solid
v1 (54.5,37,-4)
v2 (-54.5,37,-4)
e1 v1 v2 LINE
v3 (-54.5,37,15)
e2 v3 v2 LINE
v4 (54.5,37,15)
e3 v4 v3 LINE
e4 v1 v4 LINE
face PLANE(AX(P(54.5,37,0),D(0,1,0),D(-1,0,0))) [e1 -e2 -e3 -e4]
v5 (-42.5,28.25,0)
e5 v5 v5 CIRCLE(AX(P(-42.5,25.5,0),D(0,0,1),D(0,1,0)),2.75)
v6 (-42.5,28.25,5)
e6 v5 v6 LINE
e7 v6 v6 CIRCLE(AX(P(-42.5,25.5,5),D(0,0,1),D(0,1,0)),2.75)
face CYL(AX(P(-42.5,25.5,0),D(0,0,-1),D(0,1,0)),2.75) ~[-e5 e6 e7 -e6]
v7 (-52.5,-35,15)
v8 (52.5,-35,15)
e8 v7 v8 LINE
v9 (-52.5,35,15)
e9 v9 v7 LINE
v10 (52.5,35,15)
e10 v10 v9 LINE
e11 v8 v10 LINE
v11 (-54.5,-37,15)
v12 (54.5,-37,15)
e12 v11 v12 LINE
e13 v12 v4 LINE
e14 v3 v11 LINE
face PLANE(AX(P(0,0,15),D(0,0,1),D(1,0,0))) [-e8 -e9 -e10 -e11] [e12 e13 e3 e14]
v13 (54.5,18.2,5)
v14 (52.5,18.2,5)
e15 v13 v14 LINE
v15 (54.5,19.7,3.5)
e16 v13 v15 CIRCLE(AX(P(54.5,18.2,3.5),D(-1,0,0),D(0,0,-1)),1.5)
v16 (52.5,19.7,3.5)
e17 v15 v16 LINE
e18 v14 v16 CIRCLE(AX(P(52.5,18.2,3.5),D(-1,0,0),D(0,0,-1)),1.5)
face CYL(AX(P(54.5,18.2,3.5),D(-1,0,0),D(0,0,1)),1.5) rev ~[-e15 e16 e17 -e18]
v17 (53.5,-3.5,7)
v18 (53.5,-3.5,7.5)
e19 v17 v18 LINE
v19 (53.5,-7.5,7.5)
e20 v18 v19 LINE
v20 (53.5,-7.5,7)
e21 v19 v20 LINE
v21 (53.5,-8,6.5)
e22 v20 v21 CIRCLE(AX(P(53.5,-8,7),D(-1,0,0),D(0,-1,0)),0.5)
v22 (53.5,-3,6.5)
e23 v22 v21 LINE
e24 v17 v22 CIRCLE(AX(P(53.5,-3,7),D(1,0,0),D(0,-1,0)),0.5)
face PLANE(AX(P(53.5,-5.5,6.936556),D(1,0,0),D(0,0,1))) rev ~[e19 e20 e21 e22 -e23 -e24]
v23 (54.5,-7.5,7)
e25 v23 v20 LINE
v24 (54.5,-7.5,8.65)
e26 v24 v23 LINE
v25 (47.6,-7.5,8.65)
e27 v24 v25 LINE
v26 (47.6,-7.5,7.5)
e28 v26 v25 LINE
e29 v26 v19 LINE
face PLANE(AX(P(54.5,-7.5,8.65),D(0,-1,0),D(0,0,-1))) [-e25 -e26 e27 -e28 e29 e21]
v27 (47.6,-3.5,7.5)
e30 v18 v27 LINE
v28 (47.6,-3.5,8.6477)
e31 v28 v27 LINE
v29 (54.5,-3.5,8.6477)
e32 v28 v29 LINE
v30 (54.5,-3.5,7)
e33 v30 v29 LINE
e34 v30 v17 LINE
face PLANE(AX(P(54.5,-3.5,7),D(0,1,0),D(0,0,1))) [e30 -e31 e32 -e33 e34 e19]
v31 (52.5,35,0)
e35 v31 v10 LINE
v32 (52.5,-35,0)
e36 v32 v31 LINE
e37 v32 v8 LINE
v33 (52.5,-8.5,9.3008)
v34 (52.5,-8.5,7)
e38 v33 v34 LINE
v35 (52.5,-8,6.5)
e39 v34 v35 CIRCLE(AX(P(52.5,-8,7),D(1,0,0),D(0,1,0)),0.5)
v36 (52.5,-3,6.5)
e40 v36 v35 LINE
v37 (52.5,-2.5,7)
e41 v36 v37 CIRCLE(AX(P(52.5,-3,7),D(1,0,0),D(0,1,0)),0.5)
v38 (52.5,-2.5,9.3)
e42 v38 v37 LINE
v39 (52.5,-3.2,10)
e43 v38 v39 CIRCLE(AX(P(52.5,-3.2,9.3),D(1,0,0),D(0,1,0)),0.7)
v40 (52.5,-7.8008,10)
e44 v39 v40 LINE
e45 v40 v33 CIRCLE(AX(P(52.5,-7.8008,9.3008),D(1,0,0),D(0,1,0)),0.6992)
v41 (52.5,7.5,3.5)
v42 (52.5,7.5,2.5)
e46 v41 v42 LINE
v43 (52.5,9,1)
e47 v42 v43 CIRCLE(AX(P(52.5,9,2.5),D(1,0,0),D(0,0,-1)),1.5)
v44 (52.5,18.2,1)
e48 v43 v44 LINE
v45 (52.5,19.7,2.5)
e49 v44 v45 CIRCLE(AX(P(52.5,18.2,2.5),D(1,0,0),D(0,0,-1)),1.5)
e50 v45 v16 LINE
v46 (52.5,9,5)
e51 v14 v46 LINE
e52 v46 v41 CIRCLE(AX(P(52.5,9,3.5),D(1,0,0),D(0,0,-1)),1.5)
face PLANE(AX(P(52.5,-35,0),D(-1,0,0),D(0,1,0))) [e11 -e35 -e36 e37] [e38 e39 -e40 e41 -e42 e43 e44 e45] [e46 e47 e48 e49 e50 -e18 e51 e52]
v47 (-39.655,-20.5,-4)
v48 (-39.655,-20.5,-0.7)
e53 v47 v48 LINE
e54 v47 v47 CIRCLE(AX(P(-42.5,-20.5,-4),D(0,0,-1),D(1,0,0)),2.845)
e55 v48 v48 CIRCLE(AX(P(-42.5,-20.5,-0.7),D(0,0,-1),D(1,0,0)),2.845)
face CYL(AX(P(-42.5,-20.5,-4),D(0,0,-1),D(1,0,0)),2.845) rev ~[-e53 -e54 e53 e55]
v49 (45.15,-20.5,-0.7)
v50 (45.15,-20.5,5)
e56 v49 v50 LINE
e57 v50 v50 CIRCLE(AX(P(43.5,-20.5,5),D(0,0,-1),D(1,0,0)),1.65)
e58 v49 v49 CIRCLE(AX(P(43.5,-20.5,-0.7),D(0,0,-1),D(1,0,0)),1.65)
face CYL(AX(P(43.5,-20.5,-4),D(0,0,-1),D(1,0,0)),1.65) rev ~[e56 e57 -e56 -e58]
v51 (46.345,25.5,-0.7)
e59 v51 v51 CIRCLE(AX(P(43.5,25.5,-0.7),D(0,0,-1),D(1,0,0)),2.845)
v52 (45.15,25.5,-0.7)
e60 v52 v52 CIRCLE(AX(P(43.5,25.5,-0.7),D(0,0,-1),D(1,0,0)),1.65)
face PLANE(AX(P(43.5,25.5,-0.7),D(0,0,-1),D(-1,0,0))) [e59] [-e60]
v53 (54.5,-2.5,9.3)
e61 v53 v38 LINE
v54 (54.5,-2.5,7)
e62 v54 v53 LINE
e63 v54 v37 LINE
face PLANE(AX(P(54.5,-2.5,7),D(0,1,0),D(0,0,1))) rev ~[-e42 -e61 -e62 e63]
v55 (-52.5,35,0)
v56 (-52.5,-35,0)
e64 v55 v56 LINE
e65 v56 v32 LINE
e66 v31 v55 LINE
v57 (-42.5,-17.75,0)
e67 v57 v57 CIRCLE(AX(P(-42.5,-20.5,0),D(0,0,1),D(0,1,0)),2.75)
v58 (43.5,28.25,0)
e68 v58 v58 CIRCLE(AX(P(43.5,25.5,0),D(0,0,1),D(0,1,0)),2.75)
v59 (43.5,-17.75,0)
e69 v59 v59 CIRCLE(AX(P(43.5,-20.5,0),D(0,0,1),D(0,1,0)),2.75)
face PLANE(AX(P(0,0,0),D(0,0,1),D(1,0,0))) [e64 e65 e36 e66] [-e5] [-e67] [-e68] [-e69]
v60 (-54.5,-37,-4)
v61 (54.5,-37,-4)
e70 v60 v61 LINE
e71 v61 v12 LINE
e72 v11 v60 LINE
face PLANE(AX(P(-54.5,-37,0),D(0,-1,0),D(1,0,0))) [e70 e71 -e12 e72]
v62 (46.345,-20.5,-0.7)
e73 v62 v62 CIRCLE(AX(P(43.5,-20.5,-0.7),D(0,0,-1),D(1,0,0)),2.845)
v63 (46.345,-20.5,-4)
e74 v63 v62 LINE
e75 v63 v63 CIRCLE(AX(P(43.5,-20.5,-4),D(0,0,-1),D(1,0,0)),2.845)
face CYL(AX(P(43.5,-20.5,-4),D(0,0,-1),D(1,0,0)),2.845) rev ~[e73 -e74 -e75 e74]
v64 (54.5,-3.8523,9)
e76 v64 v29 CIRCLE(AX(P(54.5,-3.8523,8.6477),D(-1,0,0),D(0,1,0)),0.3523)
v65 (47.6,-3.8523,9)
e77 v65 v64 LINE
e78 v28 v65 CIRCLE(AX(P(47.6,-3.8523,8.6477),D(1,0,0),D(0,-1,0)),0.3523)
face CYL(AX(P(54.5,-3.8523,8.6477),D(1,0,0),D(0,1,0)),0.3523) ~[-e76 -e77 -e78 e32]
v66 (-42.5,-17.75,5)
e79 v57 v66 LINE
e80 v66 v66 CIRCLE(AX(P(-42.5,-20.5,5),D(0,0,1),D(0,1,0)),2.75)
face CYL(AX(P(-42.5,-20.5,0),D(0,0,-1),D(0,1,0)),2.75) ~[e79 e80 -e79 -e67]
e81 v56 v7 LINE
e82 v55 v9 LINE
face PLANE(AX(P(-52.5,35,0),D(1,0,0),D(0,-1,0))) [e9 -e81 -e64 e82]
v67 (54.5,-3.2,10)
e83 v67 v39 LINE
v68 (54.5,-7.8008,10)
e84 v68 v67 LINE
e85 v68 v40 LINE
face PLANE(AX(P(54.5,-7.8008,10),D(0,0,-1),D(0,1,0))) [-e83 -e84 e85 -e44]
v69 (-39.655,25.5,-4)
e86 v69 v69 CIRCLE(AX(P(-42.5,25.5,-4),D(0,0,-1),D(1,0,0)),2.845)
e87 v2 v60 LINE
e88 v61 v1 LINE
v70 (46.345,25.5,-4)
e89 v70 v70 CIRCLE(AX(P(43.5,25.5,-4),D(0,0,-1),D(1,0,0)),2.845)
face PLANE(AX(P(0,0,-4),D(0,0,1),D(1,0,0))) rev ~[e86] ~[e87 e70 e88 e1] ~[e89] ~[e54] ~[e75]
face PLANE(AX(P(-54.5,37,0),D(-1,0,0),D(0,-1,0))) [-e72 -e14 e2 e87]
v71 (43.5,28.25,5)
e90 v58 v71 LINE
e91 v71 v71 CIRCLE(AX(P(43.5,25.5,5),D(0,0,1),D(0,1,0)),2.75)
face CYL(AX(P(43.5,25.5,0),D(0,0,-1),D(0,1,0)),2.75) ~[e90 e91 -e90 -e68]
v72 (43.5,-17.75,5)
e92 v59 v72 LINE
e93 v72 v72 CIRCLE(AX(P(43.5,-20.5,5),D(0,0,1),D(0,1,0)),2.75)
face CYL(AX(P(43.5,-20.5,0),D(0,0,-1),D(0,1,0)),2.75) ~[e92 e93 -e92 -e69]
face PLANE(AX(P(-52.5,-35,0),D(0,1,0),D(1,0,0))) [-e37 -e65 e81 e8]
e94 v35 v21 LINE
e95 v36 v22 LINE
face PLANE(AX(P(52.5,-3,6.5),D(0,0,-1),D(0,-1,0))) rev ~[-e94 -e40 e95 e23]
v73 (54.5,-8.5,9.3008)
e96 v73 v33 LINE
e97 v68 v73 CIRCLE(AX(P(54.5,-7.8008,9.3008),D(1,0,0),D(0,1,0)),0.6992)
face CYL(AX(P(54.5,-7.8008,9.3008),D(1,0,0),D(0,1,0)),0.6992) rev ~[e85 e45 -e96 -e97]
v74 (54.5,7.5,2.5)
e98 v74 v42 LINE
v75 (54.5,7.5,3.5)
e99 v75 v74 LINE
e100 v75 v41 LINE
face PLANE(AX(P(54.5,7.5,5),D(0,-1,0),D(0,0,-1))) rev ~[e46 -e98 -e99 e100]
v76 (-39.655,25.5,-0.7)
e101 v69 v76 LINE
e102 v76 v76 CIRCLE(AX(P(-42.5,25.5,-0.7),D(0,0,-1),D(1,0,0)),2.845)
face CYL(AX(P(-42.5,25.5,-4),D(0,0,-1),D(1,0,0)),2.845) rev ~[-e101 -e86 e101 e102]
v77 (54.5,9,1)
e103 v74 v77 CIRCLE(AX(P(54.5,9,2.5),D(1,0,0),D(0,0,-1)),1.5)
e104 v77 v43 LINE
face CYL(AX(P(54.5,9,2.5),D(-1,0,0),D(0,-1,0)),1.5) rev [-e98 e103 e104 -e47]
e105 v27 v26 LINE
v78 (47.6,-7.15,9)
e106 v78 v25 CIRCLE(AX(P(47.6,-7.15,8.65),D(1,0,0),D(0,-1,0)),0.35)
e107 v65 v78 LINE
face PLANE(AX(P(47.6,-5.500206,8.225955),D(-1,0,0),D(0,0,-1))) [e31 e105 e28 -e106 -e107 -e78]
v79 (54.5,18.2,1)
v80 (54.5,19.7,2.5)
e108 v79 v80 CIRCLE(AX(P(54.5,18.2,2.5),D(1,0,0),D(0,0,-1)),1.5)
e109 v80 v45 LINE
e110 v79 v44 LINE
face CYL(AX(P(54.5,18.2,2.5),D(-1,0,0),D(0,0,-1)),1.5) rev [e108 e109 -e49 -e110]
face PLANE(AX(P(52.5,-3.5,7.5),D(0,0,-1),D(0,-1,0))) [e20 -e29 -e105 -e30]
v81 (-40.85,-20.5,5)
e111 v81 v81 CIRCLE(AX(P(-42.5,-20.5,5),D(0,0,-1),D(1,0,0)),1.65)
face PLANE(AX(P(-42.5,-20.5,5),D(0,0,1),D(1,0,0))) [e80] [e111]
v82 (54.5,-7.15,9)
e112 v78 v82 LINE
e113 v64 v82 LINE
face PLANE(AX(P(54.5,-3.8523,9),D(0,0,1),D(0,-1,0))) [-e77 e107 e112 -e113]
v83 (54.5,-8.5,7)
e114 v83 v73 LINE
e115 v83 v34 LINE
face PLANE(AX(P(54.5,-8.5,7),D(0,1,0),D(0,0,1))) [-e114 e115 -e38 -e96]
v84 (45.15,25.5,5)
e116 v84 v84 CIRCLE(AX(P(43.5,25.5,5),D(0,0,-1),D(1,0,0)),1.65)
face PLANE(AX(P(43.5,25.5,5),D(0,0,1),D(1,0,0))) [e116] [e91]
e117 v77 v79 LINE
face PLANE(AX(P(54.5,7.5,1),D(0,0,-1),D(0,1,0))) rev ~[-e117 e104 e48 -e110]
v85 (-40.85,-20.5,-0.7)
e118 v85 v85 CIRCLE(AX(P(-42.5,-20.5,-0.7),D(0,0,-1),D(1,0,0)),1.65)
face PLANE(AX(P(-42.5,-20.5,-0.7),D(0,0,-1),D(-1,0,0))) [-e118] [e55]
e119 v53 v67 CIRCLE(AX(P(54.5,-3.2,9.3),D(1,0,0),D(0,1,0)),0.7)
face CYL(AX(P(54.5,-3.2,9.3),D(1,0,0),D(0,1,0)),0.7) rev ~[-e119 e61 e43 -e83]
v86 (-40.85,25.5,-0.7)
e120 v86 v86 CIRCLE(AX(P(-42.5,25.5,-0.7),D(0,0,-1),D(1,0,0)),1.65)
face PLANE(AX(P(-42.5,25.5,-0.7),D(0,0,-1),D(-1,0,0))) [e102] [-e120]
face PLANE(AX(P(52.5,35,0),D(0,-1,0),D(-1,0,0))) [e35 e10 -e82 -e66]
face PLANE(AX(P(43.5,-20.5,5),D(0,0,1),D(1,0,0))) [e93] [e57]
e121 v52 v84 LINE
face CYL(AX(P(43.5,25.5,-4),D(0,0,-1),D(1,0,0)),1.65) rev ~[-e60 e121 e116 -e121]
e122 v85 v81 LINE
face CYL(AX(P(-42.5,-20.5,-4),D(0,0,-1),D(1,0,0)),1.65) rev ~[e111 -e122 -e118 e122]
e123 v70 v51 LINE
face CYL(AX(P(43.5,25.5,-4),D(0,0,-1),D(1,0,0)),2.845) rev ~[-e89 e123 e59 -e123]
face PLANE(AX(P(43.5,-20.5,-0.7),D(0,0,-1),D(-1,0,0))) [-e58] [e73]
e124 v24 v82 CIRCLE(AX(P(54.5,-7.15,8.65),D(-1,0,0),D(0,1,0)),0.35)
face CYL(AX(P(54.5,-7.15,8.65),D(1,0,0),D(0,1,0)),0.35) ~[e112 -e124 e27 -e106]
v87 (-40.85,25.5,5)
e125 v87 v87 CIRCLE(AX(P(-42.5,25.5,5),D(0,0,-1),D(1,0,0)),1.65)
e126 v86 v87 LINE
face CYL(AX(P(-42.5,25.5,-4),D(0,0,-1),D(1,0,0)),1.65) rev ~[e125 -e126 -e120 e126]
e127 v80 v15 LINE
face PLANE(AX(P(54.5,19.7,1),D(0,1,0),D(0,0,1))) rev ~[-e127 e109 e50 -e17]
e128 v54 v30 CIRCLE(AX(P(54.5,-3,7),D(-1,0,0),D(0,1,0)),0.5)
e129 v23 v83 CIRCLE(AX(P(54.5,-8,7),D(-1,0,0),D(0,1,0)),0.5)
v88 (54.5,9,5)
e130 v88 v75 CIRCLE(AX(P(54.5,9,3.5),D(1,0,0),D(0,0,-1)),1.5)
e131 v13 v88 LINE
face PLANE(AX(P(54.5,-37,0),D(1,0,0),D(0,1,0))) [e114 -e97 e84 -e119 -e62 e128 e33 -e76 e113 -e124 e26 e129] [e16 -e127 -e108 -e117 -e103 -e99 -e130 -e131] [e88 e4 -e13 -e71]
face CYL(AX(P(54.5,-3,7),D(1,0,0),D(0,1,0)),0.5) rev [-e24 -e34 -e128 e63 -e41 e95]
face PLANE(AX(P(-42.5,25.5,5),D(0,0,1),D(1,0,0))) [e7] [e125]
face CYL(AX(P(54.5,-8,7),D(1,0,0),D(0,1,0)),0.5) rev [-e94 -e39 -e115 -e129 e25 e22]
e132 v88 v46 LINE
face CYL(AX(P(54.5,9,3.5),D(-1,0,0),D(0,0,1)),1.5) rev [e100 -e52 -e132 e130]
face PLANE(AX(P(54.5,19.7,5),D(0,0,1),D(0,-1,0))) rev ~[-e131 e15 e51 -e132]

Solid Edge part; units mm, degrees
sketch "Sketch1" plane through (0, 0, 0) normal (0, 0, 1) x (1, 0, 0)
  line L0 (-54.5, -37) -> (54.5, -37)
  line L1 (54.5, -37) -> (54.5, 37)
  line L2 (54.5, 37) -> (-54.5, 37)
  line L3 (-54.5, 37) -> (-54.5, -37)
extrude "Protrusion1" add sketch "Sketch1" against normal blind 4
sketch "Sketch2" plane through (0, 0, 0) normal (0, 0, 1) x (1, 0, 0)
  line L0 (-54.5, 37) -> (-54.5, -37)
  line L1 (-54.5, -37) -> (54.5, -37)
  line L2 (54.5, -37) -> (54.5, 37)
  line L3 (54.5, 37) -> (-54.5, 37)
  line L4 (-52.5, 35) -> (-52.5, -35)
  line L5 (-52.5, -35) -> (52.5, -35)
  line L6 (52.5, -35) -> (52.5, 35)
  line L7 (52.5, 35) -> (-52.5, 35)
  dimension "D1" = 105
  dimension "D2" = 70
  dimension "D3" = 2
  dimension "D4" = 5.69
  dimension "D5" = 5.69
  dimension "D6" = 5.69
  dimension "D7" = 5.69
  dimension "D8" = 10
  dimension "D9" = 86
  dimension "D10" = 9.5
  dimension "D11" = 46
  dimension "D12" = 14.5
extrude "ExtrudedProtrusion_2" add sketch "Sketch2" along normal blind 15
sketch "Sketch3" plane through (54.5, 0, 5.5) normal (1, 0, 0) x (0, 1, 0)
  arc A0 (-2.5, 3.8) -> (-3.2, 4.5) centre (-3.2, 3.8) ccw
  line L0 (-7.8008, 4.5) -> (-3.2, 4.5)
  arc A1 (-7.8008, 4.5) -> (-8.5, 3.8008) centre (-7.8008, 3.8008) ccw
  line L1 (-8.5, 1.5) -> (-8.5, 3.8008)
  line L2 (-7.5, 3.15) -> (-7.5, 1.5)
  arc A2 (-7.5, 3.15) -> (-7.15, 3.5) centre (-7.15, 3.15) cw
  line L3 (-3.8523, 3.5) -> (-7.15, 3.5)
  arc A3 (-3.8523, 3.5) -> (-3.5, 3.1477) centre (-3.8523, 3.1477) cw
  line L4 (-3.5, 1.5) -> (-3.5, 3.1477)
  line L5 (-2.5, 1.5) -> (-2.5, 3.8)
  arc A4 (-7.5, 1.5) -> (-8.5, 1.5) centre (-8, 1.5) cw
  arc A5 (-2.5, 1.5) -> (-3.5, 1.5) centre (-3, 1.5) cw
extrude "Cutout1" cut sketch "Sketch3" against normal blind 6.7422
sketch "Sketch4" plane through (0, 0, -4) normal (0, 0, -1) x (1, 0, 0)
  circle A0 centre (-42.5, 20.5) radius 2.845
  circle A1 centre (43.5, 20.5) radius 2.845
  circle A2 centre (43.5, -25.5) radius 2.845
  circle A3 centre (-42.5, -25.5) radius 2.845
  dimension "D1" = 3.3
  dimension "D2" = 3.3
  dimension "D3" = 3.3
  dimension "D4" = 3.3
  dimension "D5" = 5.69
  dimension "D6" = 5.69
  dimension "D7" = 5.69
  dimension "D8" = 5.69
extrude "ExtrudedCutout_11" cut sketch "Sketch4" against normal blind 3.3
sketch "Sketch5" plane through (0, 0, 0) normal (0, 0, 1) x (0, 1, 0)
  circle A0 centre (25.5, -43.5) radius 2.75
  circle A1 centre (25.5, 42.5) radius 2.75
  circle A2 centre (-20.5, 42.5) radius 2.75
  circle A3 centre (-20.5, -43.5) radius 2.75
extrude "ExtrudedProtrusion_15" add sketch "Sketch5" along normal blind 5
sketch "Sketch6" plane through (0, 0, -4) normal (0, 0, -1) x (1, 0, 0)
  circle A0 centre (-42.5, -25.5) radius 1.65
  circle A1 centre (-42.5, 20.5) radius 1.65
  circle A2 centre (43.5, -25.5) radius 1.65
  circle A3 centre (43.5, 20.5) radius 1.65
  dimension "D1" = 3.3
  dimension "D2" = 3.3
  dimension "D3" = 3.3
  dimension "D4" = 3.3
  dimension "D5" = 5.69
  dimension "D6" = 5.69
  dimension "D7" = 5.69
  dimension "D8" = 5.69
extrude "ExtrudedCutout_13" cut sketch "Sketch6" against normal blind 19.0818
sketch "Sketch7" plane through (54.5, 0, 5.5) normal (1, 0, 0) x (0, 1, 0)
  line L0 (19.7, -0.5) -> (7.5, -0.5)
  line L1 (7.5, -0.5) -> (7.5, -4.5)
  line L2 (7.5, -4.5) -> (19.7, -4.5)
  line L3 (19.7, -4.5) -> (19.7, -0.5)
extrude "Cutout2" cut sketch "Sketch7" against normal up to next
fillet "Round_5" radius 1.5 4 edges at (53.5, 19.7, 5) (53.5, 19.7, 1) (53.5, 7.5, 1) (53.5, 7.5, 5)
sketch "Sketch8" plane through (52.5, 0, 7.5) normal (-1, 0, 0) x (0, -1, 0)
  line L0 (3.5, 0) -> (7.5, 0)
  line L1 (7.5, 0) -> (7.5, -0.5)
  arc A0 (7.5, -0.5) -> (8, -1) centre (8, -0.5) ccw
  line L2 (3, -1) -> (8, -1)
  arc A1 (3.5, -0.5) -> (3, -1) centre (3, -0.5) cw
  line L3 (3.5, -0.5) -> (3.5, 0)
extrude "ExtrudedCutout_15" cut sketch "Sketch8" against normal blind 1
sketch "Sketch9" plane through (52.5, -5.5, 8.25) normal (-1, 0, 0) x (0, -1, 0)
  line L0 (2, -0.75) -> (2, 0.4)
  line L1 (-2, -0.75) -> (2, -0.75)
  line L2 (-2, 0.3977) -> (-2, -0.75)
  line L3 (-1.6477, 0.75) -> (1.65, 0.75)
  arc A0 (1.65, 0.75) -> (2, 0.4) centre (1.65, 0.4) cw
  arc A1 (-2, 0.3977) -> (-1.6477, 0.75) centre (-1.6477, 0.3977) cw
extrude "ExtrudedProtrusion_16" add sketch "Sketch9" along normal blind 4.9
